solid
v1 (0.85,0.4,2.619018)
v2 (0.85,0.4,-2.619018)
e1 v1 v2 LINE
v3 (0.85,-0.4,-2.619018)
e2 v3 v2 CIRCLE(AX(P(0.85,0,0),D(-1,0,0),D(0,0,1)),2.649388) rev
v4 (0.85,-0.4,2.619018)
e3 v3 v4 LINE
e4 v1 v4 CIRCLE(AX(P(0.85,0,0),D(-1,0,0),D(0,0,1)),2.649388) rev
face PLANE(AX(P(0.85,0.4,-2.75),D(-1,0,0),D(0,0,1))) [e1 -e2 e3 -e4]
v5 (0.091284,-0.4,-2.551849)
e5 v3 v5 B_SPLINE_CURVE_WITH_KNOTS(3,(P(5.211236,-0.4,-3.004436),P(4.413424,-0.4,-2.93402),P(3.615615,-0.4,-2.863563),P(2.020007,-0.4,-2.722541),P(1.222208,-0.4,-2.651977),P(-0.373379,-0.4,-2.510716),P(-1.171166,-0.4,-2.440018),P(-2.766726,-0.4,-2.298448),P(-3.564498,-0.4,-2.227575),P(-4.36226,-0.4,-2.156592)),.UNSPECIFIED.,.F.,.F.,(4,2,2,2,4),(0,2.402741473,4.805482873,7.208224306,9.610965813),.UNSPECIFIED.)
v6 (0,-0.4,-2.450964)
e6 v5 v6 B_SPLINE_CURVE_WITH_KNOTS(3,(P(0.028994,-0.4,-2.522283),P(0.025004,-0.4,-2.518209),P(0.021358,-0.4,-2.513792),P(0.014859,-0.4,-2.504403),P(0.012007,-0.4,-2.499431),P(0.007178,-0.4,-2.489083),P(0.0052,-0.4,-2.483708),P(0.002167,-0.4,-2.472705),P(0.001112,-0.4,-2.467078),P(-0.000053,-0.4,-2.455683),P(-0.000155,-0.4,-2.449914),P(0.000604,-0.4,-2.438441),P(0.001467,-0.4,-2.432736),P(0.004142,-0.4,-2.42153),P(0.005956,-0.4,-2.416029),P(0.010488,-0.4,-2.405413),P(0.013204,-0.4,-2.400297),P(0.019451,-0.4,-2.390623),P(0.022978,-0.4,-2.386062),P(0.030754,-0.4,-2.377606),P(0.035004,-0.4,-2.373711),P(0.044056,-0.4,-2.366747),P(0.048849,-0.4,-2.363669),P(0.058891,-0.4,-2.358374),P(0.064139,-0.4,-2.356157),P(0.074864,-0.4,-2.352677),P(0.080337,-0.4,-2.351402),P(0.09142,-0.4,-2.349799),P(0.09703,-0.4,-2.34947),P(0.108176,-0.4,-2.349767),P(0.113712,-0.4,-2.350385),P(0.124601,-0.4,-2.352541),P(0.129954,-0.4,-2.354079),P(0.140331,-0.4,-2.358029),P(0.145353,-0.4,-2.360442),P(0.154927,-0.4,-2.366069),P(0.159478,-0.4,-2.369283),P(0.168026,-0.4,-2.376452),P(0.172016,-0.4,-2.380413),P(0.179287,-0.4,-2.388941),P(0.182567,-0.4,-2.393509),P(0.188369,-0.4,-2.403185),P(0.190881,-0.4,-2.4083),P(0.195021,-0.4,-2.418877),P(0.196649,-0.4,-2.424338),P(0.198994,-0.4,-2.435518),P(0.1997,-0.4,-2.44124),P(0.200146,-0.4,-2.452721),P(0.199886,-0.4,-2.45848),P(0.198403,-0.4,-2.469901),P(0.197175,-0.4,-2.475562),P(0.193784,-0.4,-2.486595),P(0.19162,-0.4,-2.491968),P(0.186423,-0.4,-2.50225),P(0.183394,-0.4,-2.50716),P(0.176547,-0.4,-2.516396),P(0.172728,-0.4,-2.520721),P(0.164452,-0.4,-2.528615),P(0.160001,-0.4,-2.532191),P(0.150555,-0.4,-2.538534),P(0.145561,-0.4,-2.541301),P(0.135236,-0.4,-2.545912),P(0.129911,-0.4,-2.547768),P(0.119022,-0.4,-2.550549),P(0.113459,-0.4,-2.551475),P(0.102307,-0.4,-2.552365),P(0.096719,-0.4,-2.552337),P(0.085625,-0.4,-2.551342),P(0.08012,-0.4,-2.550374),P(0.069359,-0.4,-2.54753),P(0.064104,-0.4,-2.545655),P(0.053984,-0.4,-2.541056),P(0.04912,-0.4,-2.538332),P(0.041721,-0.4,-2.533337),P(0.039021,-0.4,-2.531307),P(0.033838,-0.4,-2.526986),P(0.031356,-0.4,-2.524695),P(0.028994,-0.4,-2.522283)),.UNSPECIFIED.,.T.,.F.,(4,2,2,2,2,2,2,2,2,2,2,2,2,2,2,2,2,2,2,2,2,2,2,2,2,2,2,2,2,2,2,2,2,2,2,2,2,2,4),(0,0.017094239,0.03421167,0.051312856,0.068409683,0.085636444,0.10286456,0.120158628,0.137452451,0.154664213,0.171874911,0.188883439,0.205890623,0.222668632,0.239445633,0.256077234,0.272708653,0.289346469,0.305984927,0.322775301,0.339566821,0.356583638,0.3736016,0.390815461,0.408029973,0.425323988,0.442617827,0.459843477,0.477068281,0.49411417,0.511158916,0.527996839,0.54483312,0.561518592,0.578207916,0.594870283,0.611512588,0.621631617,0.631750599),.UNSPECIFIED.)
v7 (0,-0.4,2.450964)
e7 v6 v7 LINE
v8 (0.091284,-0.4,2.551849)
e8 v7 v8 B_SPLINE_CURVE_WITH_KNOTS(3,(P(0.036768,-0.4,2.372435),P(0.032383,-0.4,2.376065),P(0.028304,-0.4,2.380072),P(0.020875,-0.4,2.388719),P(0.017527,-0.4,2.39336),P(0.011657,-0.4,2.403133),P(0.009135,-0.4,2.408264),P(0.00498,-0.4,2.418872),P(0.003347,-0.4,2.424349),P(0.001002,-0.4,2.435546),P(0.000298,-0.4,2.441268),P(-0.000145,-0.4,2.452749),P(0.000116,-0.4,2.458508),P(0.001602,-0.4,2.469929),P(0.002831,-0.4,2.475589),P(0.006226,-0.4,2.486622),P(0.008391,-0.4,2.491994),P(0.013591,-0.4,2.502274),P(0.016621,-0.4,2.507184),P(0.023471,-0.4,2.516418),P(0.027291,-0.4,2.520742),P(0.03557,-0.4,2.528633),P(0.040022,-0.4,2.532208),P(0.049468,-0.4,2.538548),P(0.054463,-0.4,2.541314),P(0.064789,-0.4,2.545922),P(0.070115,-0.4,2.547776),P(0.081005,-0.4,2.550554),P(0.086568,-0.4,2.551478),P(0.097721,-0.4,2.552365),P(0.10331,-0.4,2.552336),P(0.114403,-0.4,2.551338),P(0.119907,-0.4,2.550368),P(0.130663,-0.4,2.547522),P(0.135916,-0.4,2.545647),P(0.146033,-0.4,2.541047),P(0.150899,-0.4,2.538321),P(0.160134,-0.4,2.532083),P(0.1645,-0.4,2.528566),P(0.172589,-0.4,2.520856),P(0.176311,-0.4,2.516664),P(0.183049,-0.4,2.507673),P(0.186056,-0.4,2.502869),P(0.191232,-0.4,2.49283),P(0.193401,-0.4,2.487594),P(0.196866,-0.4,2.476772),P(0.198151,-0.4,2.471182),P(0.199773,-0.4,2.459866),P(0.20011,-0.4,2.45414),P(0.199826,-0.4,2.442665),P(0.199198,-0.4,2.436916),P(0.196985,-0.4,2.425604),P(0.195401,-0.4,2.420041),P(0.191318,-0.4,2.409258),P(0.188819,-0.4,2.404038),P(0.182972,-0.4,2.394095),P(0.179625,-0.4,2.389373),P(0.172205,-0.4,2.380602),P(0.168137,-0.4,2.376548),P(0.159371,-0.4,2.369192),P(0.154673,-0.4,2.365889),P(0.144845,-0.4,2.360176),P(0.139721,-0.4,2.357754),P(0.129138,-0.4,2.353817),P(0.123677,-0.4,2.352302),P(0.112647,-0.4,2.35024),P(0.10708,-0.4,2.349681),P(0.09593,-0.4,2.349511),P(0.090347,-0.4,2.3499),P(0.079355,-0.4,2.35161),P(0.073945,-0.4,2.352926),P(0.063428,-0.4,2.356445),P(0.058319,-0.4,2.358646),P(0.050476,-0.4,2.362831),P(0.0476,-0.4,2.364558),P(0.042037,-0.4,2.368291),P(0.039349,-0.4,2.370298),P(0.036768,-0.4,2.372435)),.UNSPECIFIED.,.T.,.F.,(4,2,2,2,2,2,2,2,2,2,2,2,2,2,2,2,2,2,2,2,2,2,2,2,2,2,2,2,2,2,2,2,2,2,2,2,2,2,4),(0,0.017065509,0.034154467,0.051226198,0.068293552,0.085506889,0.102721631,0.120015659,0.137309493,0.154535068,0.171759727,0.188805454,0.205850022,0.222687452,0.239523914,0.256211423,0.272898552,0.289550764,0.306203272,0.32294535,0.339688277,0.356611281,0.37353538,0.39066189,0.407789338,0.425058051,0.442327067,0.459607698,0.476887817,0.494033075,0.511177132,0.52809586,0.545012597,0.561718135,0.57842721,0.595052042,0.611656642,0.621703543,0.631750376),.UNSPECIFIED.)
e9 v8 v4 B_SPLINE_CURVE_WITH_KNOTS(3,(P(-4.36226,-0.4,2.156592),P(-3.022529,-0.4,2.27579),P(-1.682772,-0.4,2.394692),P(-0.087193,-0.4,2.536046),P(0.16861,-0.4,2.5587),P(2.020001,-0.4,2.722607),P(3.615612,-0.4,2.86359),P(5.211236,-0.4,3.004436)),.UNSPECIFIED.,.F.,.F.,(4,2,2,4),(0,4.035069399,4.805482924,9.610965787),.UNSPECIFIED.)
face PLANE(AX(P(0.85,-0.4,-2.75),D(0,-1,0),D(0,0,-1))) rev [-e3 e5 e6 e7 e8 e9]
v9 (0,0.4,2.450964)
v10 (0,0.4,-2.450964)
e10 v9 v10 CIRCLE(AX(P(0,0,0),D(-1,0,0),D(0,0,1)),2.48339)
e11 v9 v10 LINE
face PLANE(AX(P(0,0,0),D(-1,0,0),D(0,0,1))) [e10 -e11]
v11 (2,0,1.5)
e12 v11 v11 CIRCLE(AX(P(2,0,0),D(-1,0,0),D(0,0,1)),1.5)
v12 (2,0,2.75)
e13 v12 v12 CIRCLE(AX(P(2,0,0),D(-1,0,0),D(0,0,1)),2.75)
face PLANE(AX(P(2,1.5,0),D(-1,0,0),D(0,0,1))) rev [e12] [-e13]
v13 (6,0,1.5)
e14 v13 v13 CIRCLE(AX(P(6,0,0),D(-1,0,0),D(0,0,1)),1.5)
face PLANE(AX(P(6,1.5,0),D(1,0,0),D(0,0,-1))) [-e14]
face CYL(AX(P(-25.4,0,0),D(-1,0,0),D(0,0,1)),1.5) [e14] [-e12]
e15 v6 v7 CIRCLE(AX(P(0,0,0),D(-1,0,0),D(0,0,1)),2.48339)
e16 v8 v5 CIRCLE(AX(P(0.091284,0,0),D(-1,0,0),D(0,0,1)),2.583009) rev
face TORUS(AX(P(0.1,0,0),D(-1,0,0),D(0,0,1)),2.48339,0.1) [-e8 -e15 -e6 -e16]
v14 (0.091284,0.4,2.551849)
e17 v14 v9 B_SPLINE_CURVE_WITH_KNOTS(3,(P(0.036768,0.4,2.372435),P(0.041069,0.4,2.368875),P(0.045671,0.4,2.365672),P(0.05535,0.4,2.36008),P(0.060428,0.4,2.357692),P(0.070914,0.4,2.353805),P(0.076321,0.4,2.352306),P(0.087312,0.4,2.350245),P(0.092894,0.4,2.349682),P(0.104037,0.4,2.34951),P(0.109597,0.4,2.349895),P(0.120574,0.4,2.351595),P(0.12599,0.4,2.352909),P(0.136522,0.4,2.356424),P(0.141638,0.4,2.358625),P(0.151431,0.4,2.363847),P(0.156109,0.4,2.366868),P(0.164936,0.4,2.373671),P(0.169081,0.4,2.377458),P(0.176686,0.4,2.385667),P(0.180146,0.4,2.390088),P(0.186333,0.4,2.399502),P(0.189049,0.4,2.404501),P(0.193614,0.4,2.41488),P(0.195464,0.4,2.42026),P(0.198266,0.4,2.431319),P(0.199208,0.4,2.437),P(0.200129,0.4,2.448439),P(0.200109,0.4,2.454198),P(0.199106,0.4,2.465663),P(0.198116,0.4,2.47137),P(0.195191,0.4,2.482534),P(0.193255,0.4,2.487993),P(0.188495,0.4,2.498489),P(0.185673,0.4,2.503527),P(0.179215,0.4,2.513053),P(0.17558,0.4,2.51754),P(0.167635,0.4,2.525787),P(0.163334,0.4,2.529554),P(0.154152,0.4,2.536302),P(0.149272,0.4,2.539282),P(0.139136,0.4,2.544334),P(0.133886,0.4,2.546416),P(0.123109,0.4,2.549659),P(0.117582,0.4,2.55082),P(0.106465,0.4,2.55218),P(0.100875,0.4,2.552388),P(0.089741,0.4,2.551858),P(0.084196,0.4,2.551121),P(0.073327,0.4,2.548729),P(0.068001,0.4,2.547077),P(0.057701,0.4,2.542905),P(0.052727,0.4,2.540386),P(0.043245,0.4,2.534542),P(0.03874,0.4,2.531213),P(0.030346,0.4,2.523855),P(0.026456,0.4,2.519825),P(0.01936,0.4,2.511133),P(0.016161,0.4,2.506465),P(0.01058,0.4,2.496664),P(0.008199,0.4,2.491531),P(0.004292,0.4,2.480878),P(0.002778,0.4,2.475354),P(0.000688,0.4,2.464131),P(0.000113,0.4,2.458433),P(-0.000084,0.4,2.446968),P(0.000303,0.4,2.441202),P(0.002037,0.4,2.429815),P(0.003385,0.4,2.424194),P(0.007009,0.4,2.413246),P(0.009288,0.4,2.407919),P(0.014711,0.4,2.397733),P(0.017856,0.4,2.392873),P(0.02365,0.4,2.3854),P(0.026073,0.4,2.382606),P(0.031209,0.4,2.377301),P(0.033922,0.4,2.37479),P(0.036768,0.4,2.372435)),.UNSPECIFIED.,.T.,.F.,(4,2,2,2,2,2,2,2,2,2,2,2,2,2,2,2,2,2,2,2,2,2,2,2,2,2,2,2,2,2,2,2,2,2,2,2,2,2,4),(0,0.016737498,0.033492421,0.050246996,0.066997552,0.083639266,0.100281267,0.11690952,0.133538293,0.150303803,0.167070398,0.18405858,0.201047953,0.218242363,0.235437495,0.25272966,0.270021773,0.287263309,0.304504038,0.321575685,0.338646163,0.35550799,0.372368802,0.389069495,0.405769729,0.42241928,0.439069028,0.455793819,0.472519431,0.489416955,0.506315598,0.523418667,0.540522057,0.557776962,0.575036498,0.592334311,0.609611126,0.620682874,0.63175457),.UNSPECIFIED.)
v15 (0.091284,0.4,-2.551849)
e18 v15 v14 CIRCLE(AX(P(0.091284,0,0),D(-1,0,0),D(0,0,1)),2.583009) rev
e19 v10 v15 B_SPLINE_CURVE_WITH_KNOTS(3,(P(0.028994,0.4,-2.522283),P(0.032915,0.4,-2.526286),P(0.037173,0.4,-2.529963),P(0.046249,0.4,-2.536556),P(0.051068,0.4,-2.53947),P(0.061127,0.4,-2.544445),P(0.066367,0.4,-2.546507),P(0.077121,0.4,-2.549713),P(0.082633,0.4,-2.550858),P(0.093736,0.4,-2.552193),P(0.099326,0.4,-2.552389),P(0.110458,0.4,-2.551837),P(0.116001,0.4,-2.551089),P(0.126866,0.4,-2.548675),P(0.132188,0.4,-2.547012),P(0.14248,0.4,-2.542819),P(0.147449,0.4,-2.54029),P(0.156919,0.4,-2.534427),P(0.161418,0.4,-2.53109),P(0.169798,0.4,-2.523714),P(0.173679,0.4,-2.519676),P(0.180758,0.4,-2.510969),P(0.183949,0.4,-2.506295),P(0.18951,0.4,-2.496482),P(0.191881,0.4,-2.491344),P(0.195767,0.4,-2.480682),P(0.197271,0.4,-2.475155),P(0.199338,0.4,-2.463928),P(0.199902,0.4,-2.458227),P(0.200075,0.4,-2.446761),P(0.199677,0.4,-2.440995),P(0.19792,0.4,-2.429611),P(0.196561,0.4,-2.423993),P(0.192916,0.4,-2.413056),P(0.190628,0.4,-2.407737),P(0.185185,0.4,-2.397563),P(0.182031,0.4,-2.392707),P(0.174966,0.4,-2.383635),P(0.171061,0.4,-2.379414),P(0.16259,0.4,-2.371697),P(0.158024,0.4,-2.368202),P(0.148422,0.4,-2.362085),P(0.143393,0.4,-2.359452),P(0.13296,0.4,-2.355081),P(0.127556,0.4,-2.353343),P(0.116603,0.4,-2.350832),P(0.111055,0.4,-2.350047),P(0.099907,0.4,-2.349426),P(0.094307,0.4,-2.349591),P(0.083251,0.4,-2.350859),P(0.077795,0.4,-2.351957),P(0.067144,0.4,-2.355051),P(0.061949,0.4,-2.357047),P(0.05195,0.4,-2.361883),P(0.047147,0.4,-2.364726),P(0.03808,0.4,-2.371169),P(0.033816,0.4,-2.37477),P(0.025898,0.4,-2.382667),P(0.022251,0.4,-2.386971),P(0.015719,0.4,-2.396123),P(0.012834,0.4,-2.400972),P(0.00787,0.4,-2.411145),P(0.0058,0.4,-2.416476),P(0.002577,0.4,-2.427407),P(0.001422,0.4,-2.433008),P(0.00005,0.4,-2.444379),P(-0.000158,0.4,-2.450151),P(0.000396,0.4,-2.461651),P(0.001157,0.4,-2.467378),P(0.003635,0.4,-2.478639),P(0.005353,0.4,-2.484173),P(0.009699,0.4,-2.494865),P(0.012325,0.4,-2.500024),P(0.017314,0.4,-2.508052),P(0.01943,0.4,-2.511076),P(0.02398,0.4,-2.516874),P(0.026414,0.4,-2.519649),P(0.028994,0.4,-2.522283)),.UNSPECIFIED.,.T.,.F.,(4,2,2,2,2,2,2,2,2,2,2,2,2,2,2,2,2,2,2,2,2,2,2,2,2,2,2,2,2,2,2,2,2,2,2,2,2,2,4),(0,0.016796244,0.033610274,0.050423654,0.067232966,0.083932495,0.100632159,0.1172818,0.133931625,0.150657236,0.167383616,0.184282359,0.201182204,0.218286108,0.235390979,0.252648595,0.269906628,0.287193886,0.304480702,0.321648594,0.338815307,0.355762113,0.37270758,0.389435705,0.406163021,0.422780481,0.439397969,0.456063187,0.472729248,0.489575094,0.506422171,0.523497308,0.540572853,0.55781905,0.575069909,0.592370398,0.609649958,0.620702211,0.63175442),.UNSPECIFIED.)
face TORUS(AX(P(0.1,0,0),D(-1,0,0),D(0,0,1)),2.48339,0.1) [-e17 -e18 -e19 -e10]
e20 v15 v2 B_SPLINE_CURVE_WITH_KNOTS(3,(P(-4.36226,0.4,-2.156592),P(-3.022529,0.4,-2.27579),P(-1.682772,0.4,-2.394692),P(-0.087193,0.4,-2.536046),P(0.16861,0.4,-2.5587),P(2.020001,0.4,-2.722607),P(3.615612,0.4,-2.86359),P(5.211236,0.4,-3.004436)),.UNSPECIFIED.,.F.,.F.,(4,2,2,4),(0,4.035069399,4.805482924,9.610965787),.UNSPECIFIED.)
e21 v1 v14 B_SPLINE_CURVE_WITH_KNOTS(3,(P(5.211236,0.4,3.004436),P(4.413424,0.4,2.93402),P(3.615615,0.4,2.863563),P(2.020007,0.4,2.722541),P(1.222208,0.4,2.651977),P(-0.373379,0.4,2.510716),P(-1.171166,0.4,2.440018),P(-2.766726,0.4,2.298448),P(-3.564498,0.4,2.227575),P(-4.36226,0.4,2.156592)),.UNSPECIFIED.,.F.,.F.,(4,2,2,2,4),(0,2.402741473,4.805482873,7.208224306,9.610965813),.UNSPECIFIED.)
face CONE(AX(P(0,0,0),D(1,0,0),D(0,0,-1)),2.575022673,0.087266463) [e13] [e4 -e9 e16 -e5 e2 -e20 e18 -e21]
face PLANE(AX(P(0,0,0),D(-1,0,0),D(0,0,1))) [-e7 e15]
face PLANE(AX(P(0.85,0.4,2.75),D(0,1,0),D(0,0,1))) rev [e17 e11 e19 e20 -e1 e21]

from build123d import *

# Parameters (mm, degrees)
FILLET2_R  = 0.1
SKETCH2_W  = 5.5
SKETCH2_H  = 0.8
SLOT_DEPTH = 0.85


with BuildPart() as part:
    # BodySke → Base-Revolve (revolve)
    with BuildSketch(Plane.XY, mode=Mode.PRIVATE) as base_revolve_sk:
        Polygon((2, 1.5), (2, 2.75), (0, 2.575022673), (0, 0), (6, 0), (6, 1.5), align=None)
    revolve(base_revolve_sk.sketch.rotate(Axis((-25.4, 0, 0), (1, 0, 0)), 90), axis=Axis((-25.4, 0, 0), (1, 0, 0)))

    # Fillet2
    fillet2_edges = [part.edges().sort_by_distance(p)[0] for p in [
        (0, 0, -2.575022673),
    ]]
    fillet(fillet2_edges, radius=FILLET2_R)

    # Sketch2 → Slot (cut)
    with BuildSketch(Plane(origin=(0, 0, 0), x_dir=(0, 0, -1), z_dir=(1, 0, 0))):
        Rectangle(SKETCH2_W, SKETCH2_H)
    extrude(amount=SLOT_DEPTH, mode=Mode.SUBTRACT)


solid = part.part
